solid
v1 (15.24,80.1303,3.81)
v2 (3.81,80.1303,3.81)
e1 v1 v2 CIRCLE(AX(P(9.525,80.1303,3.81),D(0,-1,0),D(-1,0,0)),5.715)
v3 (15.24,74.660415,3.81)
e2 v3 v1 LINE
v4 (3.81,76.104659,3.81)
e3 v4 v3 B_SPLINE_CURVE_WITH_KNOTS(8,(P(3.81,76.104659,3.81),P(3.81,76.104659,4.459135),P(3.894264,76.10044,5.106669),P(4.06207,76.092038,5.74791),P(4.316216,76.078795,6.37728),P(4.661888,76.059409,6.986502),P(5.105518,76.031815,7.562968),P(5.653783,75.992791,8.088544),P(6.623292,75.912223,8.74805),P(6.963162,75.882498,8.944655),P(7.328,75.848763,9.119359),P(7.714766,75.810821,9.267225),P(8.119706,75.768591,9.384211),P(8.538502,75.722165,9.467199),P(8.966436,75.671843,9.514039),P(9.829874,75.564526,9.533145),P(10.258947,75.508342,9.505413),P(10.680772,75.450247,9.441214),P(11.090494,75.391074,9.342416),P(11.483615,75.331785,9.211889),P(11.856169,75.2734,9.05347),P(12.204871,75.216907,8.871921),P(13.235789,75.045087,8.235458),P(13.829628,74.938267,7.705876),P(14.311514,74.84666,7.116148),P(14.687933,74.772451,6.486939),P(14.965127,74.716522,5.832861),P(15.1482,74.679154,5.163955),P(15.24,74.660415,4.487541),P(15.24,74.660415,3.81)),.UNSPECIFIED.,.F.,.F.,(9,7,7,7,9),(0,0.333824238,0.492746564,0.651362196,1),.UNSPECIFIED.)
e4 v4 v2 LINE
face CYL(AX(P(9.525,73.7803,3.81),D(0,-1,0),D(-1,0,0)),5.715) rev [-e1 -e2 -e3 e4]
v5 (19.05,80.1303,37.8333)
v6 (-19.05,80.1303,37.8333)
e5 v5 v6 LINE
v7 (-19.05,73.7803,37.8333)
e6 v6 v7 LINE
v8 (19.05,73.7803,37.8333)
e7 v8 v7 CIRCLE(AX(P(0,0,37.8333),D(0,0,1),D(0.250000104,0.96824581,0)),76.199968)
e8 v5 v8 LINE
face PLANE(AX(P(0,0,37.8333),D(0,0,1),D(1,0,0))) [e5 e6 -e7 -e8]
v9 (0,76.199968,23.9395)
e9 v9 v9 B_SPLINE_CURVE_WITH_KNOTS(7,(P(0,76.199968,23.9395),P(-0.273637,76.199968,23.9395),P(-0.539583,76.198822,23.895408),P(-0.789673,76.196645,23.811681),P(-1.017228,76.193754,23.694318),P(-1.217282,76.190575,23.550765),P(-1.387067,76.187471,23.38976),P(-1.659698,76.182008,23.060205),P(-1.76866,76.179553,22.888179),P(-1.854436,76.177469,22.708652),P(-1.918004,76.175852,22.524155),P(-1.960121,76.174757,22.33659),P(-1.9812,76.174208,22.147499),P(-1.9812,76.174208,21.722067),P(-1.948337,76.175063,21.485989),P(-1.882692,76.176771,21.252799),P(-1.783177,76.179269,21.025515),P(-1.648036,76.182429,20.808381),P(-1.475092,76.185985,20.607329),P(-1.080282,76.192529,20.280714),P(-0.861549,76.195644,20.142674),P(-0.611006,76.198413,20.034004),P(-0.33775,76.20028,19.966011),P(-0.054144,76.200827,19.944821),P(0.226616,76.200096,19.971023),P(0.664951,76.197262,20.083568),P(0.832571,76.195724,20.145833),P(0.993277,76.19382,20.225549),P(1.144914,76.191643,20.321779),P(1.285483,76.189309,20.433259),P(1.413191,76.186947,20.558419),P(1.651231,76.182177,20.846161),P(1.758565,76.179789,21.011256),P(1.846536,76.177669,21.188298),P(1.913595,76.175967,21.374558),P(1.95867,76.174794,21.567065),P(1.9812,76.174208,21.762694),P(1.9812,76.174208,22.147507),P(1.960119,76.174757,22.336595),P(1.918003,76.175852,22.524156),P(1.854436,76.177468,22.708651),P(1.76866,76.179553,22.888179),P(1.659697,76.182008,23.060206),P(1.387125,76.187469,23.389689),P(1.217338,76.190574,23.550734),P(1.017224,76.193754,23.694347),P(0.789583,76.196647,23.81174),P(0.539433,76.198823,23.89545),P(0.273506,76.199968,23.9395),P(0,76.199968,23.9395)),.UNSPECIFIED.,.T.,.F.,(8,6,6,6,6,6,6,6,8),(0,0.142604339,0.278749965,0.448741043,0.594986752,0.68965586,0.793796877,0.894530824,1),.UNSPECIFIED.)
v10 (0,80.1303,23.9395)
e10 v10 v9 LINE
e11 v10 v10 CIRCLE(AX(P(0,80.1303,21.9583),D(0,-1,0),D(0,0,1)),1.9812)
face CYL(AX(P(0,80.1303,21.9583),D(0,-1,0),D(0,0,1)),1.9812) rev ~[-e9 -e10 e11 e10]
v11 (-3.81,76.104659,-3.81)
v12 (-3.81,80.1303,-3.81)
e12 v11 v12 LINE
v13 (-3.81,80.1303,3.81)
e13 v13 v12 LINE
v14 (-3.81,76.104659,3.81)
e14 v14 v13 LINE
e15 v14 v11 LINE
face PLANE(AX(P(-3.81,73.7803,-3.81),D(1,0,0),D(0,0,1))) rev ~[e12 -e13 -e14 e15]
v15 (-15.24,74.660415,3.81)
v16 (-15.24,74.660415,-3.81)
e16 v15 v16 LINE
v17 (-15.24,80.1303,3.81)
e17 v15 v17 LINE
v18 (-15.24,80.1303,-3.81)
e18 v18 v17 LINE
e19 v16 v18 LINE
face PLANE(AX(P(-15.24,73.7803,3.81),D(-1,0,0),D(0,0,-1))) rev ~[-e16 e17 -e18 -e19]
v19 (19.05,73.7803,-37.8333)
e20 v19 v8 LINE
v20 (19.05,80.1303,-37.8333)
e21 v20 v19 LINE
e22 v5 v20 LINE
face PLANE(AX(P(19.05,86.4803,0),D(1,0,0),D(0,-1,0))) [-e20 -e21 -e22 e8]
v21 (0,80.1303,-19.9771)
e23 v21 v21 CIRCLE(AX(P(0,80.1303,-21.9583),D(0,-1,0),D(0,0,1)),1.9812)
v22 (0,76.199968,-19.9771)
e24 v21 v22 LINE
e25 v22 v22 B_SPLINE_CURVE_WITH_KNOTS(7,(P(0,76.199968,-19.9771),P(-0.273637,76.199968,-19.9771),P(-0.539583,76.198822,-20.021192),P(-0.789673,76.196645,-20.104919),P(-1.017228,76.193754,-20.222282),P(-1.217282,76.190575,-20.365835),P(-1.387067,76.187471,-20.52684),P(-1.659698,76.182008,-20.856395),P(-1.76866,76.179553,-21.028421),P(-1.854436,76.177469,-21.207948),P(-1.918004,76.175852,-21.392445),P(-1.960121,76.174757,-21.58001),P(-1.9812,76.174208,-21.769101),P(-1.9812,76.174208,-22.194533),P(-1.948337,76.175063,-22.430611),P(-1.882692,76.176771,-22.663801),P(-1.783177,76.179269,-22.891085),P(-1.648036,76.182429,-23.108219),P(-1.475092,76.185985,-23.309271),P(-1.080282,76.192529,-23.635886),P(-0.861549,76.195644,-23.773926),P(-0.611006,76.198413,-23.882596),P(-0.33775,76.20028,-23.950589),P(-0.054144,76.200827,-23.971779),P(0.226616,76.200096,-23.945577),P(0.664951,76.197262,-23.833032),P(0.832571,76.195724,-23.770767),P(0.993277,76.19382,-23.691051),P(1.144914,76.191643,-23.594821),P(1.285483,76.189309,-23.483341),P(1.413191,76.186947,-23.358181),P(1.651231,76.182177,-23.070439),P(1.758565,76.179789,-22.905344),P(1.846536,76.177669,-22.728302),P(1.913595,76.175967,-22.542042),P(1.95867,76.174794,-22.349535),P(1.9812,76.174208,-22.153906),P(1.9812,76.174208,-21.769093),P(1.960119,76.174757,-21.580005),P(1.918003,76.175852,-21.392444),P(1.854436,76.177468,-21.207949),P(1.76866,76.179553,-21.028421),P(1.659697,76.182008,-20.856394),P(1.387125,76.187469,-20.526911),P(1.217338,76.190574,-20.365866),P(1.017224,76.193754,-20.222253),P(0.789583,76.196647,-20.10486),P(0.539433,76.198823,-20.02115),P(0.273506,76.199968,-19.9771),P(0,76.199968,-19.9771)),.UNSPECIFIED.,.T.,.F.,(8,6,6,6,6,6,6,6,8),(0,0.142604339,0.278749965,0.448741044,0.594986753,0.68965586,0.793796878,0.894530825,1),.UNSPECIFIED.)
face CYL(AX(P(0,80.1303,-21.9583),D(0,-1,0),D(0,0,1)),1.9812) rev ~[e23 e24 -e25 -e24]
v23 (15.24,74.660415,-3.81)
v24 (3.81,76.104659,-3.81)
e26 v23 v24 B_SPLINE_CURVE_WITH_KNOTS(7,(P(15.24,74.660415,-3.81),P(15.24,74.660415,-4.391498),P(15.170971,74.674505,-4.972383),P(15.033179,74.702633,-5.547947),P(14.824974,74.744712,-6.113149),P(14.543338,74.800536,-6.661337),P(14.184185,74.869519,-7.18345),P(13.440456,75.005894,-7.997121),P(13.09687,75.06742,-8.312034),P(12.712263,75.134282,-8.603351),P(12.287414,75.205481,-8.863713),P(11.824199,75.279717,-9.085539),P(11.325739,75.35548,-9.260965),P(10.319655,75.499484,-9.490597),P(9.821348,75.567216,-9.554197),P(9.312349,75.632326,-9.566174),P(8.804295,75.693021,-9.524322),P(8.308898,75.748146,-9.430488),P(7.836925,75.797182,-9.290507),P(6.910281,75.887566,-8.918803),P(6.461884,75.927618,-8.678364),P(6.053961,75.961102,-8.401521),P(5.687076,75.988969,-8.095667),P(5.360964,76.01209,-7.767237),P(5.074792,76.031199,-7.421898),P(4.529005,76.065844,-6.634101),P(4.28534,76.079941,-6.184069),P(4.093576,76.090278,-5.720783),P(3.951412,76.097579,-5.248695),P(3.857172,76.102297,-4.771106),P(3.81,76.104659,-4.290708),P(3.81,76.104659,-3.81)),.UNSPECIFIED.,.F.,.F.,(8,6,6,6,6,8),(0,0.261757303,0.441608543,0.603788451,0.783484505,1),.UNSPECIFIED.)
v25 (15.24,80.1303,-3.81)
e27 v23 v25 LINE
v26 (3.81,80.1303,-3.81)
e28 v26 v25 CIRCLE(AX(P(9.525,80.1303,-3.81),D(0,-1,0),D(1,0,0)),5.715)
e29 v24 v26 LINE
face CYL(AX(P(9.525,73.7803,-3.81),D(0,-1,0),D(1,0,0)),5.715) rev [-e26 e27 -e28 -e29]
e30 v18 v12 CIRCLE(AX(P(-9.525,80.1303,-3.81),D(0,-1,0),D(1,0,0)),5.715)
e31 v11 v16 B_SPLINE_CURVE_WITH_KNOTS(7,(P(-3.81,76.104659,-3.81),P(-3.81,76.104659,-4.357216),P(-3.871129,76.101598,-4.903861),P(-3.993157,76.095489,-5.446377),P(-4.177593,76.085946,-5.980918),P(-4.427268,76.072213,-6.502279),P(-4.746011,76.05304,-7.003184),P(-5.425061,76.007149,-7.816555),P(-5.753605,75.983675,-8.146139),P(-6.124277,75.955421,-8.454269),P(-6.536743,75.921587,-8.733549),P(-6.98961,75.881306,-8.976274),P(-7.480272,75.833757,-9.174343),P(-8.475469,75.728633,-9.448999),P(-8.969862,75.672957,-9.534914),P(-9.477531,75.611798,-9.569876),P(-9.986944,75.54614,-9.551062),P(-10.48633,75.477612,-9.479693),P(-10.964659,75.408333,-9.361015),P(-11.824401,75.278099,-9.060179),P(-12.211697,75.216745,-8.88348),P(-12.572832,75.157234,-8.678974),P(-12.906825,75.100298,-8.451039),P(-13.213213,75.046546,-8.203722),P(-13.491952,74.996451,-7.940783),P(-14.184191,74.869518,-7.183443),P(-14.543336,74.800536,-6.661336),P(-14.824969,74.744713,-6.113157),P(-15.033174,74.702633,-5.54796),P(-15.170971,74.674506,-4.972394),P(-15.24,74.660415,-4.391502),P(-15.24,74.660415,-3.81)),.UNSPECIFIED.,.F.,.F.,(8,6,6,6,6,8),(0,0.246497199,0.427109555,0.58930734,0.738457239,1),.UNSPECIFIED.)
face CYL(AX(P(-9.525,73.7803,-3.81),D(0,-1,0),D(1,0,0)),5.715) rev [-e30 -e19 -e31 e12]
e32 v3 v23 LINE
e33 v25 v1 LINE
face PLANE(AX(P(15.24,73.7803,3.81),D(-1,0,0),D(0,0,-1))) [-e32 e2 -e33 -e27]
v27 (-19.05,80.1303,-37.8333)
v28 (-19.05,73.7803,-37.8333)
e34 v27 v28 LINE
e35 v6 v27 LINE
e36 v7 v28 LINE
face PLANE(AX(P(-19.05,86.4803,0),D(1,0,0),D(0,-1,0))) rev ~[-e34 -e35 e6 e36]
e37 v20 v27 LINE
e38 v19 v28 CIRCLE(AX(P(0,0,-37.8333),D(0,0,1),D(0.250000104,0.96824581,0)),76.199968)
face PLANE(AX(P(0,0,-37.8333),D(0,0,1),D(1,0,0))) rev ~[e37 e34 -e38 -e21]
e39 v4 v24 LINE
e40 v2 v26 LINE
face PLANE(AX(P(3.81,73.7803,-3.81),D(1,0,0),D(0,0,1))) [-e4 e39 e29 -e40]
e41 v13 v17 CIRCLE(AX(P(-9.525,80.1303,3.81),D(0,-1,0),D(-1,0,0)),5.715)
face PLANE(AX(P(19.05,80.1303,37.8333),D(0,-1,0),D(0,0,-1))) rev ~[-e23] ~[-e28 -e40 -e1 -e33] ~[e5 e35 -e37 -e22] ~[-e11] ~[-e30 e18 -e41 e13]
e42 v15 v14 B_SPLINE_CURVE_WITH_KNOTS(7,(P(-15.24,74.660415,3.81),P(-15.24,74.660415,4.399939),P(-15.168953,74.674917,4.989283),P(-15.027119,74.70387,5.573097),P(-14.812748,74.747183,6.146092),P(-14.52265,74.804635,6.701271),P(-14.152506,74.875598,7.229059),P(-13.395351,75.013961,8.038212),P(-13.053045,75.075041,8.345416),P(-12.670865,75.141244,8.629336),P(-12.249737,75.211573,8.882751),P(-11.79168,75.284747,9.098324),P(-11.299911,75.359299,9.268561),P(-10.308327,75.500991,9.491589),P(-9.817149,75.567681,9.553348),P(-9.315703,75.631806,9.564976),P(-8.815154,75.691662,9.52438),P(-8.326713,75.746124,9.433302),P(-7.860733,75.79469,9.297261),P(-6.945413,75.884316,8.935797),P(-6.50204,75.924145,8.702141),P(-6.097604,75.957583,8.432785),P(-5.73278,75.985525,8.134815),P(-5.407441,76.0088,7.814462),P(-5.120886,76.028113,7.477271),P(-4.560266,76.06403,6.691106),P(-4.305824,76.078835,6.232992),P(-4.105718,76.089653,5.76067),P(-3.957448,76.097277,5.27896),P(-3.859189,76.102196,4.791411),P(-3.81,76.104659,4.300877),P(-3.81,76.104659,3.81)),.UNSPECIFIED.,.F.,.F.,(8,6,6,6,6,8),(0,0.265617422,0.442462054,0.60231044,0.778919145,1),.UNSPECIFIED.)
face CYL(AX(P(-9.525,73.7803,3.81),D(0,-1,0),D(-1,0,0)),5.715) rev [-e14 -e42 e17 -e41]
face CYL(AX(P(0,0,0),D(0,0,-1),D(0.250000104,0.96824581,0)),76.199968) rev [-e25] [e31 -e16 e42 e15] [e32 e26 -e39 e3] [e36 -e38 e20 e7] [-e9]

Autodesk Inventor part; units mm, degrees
ref_plane "YZ Plane" through (0, 0, 0) normal (1, 0, 0) x (0, 1, 0)
ref_plane "XY Plane" through (0, 0, 0) normal (0, 0, 1) x (1, 0, 0)
sketch "Sketch1" plane through (0, 0, 0) normal (0, 0, 1) x (1, 0, 0)
  arc A0 (19.05, 73.7803) -> (-19.05, 73.7803) centre (0, 0) ccw
  line L0 (0, 86.4803) -> (19.05, 86.4803)
  line L1 (19.05, 86.4803) -> (19.05, 73.7803)
  line L2 (0, 76.2) -> (0, 86.4803) construction
  line L3 (0, 86.4803) -> (-19.05, 86.4803)
  line L4 (-19.05, 86.4803) -> (-19.05, 73.7803)
  dimension "d0" = 152.4
  dimension "d1" = 19.05
  dimension "d2" = 12.7
extrude "Extrusion1" add sketch "Sketch1" along normal mid plane 75.6666
sketch "Sketch2" plane through (-19.05, 86.4803, 37.8333) normal (0, 1, 0) x (1, 0, 0)
  line L0 (0, 75.6666) -> (0, 0) construction
  line L1 (0, 37.8333) -> (38.1, 37.8333) construction
  line L2 (38.1, 75.6666) -> (38.1, 0) construction
  line L3 (0, 75.6666) -> (38.1, 75.6666) construction
  line L4 (19.05, 75.6666) -> (19.05, 0) construction
  line L5 (38.1, 0) -> (0, 0) construction
  line L6 (28.575, 32.4358) -> (28.575, 43.2308) construction
  line L7 (26.3525, 32.4358) -> (26.3525, 43.2308)
  line L8 (30.7975, 43.2308) -> (30.7975, 32.4358)
  arc A0 (26.3525, 32.4358) -> (30.7975, 32.4358) centre (28.575, 32.4358) ccw
  arc A1 (30.7975, 43.2308) -> (26.3525, 43.2308) centre (28.575, 43.2308) ccw
  line L9 (11.7475, 32.4358) -> (11.7475, 43.2308)
  line L10 (7.3025, 43.2308) -> (7.3025, 32.4358)
  arc A2 (7.3025, 32.4358) -> (11.7475, 32.4358) centre (9.525, 32.4358) ccw
  arc A3 (11.7475, 43.2308) -> (7.3025, 43.2308) centre (9.525, 43.2308) ccw
  point P0 (19.05, 37.8333)
  point P1 (28.575, 37.8333)
  dimension "d5" = 9.525
  dimension "d6" = 4.445
  dimension "d7" = 15.24
  dimension "d8" = 19.05
extrude "Extrusion2" cut sketch "Sketch2" against normal through all
ref_plane "Work Plane1" through (19.05, 73.7803, 37.8333) normal (0, 1, 0) x (-1, 0, 0)
sketch "Sketch4" plane through (19.05, 73.7803, 37.8333) normal (0, 1, 0) x (-1, 0, 0)
  line L0 (11.7475, -43.2308) -> (11.7475, -32.4358) projected
  line L1 (11.7475, -32.4358) -> (11.7475, -43.2308) construction
  line L2 (11.7475, -37.8333) -> (7.3025, -37.8333) construction
  line L3 (7.3025, -43.2308) -> (7.3025, -32.4358) construction
  line L4 (9.525, -41.6433) -> (9.525, -34.0233) construction
  line L5 (15.24, -41.6433) -> (15.24, -34.0233)
  line L6 (3.81, -34.0233) -> (3.81, -41.6433)
  arc A0 (3.81, -41.6433) -> (15.24, -41.6433) centre (9.525, -41.6433) ccw
  arc A1 (15.24, -34.0233) -> (3.81, -34.0233) centre (9.525, -34.0233) ccw
  line L7 (0, 0) -> (38.1, 0) construction
  line L8 (19.05, 0) -> (19.05, -75.6666) construction
  line L9 (38.1, -75.6666) -> (0, -75.6666) construction
  line L10 (22.86, -41.6433) -> (22.86, -34.0233)
  line L11 (34.29, -34.0233) -> (34.29, -41.6433)
  arc A2 (22.86, -41.6433) -> (34.29, -41.6433) centre (28.575, -41.6433) ccw
  arc A3 (34.29, -34.0233) -> (22.86, -34.0233) centre (28.575, -34.0233) ccw
  point P0 (19.05, -37.8333)
  point P1 (9.525, -37.8333)
  dimension "d11" = 11.43
  dimension "d12" = 19.05
extrude "Extrusion3" cut sketch "Sketch4" along normal blind 7.62
sketch "Sketch20" plane through (19.05, 73.7803, 37.8333) normal (1, 0, 0) x (0, 0, -1)
  line L0 (0, 12.7) -> (0, 0) projected
  line L1 (75.6666, 12.7) -> (0, 12.7) projected
  line L2 (0, 6.35) -> (75.6666, 6.35)
  line L3 (75.6666, 6.35) -> (75.6666, 12.7)
  line L4 (75.6666, 12.7) -> (0, 12.7)
  line L5 (0, 12.7) -> (0, 6.35)
  point P0 (37.8333, -73.7803)
extrude "Extrusion7" cut sketch "Sketch20" against normal through all
sketch "Sketch21" plane through (19.05, 80.1303, 37.8333) normal (0, 1, 0) x (1, 0, 0)
  line L0 (-38.1, 75.6666) -> (0, 75.6666) construction
  line L1 (0, 0) -> (-38.1, 0) construction
  point P0 (-19.05, 37.8333)
  point P1 (-19.05, 59.7916)
  point P2 (-19.05, 15.875)
  dimension "d170" = 15.875
  dimension "d171" = 15.875
hole "Hole1" at (0, 80.1303, -21.9583) at (0, 80.1303, 21.9583) direction (0, -1, 0) diameter 3.9624 end through all thread size "10-32 UNF" class "2B" standard "ANSI Unified Screw Threads"
equation "\"d51\" = 0.125 * Sketch8_Pitch"
equation "\"Sketch8_Pitch\" = 0.79375"
equation "\"d53\" = 60deg"
equation "\"d72\" = 0.125 * Sketch10_Pitch"
equation "\"Sketch10_Pitch\" = 0.79375"
equation "\"d74\" = 60deg"
equation "\"d93\" = 0.125 * Sketch12_Pitch"
equation "\"Sketch12_Pitch\" = 0.79375"
equation "\"d95\" = 60deg"
equation "\"d114\" = 0.125 * Sketch14_Pitch"
equation "\"Sketch14_Pitch\" = 0.79375"
equation "\"d116\" = 60deg"
equation "\"d135\" = 0.125 * Sketch16_Pitch"
equation "\"Sketch16_Pitch\" = 0.79375"
equation "\"d137\" = 60deg"
equation "\"d156\" = 0.125 * Sketch18_Pitch"
equation "\"Sketch18_Pitch\" = 0.79375"
equation "\"d158\" = 60deg"
properties part number "finderSupportPartV05"
